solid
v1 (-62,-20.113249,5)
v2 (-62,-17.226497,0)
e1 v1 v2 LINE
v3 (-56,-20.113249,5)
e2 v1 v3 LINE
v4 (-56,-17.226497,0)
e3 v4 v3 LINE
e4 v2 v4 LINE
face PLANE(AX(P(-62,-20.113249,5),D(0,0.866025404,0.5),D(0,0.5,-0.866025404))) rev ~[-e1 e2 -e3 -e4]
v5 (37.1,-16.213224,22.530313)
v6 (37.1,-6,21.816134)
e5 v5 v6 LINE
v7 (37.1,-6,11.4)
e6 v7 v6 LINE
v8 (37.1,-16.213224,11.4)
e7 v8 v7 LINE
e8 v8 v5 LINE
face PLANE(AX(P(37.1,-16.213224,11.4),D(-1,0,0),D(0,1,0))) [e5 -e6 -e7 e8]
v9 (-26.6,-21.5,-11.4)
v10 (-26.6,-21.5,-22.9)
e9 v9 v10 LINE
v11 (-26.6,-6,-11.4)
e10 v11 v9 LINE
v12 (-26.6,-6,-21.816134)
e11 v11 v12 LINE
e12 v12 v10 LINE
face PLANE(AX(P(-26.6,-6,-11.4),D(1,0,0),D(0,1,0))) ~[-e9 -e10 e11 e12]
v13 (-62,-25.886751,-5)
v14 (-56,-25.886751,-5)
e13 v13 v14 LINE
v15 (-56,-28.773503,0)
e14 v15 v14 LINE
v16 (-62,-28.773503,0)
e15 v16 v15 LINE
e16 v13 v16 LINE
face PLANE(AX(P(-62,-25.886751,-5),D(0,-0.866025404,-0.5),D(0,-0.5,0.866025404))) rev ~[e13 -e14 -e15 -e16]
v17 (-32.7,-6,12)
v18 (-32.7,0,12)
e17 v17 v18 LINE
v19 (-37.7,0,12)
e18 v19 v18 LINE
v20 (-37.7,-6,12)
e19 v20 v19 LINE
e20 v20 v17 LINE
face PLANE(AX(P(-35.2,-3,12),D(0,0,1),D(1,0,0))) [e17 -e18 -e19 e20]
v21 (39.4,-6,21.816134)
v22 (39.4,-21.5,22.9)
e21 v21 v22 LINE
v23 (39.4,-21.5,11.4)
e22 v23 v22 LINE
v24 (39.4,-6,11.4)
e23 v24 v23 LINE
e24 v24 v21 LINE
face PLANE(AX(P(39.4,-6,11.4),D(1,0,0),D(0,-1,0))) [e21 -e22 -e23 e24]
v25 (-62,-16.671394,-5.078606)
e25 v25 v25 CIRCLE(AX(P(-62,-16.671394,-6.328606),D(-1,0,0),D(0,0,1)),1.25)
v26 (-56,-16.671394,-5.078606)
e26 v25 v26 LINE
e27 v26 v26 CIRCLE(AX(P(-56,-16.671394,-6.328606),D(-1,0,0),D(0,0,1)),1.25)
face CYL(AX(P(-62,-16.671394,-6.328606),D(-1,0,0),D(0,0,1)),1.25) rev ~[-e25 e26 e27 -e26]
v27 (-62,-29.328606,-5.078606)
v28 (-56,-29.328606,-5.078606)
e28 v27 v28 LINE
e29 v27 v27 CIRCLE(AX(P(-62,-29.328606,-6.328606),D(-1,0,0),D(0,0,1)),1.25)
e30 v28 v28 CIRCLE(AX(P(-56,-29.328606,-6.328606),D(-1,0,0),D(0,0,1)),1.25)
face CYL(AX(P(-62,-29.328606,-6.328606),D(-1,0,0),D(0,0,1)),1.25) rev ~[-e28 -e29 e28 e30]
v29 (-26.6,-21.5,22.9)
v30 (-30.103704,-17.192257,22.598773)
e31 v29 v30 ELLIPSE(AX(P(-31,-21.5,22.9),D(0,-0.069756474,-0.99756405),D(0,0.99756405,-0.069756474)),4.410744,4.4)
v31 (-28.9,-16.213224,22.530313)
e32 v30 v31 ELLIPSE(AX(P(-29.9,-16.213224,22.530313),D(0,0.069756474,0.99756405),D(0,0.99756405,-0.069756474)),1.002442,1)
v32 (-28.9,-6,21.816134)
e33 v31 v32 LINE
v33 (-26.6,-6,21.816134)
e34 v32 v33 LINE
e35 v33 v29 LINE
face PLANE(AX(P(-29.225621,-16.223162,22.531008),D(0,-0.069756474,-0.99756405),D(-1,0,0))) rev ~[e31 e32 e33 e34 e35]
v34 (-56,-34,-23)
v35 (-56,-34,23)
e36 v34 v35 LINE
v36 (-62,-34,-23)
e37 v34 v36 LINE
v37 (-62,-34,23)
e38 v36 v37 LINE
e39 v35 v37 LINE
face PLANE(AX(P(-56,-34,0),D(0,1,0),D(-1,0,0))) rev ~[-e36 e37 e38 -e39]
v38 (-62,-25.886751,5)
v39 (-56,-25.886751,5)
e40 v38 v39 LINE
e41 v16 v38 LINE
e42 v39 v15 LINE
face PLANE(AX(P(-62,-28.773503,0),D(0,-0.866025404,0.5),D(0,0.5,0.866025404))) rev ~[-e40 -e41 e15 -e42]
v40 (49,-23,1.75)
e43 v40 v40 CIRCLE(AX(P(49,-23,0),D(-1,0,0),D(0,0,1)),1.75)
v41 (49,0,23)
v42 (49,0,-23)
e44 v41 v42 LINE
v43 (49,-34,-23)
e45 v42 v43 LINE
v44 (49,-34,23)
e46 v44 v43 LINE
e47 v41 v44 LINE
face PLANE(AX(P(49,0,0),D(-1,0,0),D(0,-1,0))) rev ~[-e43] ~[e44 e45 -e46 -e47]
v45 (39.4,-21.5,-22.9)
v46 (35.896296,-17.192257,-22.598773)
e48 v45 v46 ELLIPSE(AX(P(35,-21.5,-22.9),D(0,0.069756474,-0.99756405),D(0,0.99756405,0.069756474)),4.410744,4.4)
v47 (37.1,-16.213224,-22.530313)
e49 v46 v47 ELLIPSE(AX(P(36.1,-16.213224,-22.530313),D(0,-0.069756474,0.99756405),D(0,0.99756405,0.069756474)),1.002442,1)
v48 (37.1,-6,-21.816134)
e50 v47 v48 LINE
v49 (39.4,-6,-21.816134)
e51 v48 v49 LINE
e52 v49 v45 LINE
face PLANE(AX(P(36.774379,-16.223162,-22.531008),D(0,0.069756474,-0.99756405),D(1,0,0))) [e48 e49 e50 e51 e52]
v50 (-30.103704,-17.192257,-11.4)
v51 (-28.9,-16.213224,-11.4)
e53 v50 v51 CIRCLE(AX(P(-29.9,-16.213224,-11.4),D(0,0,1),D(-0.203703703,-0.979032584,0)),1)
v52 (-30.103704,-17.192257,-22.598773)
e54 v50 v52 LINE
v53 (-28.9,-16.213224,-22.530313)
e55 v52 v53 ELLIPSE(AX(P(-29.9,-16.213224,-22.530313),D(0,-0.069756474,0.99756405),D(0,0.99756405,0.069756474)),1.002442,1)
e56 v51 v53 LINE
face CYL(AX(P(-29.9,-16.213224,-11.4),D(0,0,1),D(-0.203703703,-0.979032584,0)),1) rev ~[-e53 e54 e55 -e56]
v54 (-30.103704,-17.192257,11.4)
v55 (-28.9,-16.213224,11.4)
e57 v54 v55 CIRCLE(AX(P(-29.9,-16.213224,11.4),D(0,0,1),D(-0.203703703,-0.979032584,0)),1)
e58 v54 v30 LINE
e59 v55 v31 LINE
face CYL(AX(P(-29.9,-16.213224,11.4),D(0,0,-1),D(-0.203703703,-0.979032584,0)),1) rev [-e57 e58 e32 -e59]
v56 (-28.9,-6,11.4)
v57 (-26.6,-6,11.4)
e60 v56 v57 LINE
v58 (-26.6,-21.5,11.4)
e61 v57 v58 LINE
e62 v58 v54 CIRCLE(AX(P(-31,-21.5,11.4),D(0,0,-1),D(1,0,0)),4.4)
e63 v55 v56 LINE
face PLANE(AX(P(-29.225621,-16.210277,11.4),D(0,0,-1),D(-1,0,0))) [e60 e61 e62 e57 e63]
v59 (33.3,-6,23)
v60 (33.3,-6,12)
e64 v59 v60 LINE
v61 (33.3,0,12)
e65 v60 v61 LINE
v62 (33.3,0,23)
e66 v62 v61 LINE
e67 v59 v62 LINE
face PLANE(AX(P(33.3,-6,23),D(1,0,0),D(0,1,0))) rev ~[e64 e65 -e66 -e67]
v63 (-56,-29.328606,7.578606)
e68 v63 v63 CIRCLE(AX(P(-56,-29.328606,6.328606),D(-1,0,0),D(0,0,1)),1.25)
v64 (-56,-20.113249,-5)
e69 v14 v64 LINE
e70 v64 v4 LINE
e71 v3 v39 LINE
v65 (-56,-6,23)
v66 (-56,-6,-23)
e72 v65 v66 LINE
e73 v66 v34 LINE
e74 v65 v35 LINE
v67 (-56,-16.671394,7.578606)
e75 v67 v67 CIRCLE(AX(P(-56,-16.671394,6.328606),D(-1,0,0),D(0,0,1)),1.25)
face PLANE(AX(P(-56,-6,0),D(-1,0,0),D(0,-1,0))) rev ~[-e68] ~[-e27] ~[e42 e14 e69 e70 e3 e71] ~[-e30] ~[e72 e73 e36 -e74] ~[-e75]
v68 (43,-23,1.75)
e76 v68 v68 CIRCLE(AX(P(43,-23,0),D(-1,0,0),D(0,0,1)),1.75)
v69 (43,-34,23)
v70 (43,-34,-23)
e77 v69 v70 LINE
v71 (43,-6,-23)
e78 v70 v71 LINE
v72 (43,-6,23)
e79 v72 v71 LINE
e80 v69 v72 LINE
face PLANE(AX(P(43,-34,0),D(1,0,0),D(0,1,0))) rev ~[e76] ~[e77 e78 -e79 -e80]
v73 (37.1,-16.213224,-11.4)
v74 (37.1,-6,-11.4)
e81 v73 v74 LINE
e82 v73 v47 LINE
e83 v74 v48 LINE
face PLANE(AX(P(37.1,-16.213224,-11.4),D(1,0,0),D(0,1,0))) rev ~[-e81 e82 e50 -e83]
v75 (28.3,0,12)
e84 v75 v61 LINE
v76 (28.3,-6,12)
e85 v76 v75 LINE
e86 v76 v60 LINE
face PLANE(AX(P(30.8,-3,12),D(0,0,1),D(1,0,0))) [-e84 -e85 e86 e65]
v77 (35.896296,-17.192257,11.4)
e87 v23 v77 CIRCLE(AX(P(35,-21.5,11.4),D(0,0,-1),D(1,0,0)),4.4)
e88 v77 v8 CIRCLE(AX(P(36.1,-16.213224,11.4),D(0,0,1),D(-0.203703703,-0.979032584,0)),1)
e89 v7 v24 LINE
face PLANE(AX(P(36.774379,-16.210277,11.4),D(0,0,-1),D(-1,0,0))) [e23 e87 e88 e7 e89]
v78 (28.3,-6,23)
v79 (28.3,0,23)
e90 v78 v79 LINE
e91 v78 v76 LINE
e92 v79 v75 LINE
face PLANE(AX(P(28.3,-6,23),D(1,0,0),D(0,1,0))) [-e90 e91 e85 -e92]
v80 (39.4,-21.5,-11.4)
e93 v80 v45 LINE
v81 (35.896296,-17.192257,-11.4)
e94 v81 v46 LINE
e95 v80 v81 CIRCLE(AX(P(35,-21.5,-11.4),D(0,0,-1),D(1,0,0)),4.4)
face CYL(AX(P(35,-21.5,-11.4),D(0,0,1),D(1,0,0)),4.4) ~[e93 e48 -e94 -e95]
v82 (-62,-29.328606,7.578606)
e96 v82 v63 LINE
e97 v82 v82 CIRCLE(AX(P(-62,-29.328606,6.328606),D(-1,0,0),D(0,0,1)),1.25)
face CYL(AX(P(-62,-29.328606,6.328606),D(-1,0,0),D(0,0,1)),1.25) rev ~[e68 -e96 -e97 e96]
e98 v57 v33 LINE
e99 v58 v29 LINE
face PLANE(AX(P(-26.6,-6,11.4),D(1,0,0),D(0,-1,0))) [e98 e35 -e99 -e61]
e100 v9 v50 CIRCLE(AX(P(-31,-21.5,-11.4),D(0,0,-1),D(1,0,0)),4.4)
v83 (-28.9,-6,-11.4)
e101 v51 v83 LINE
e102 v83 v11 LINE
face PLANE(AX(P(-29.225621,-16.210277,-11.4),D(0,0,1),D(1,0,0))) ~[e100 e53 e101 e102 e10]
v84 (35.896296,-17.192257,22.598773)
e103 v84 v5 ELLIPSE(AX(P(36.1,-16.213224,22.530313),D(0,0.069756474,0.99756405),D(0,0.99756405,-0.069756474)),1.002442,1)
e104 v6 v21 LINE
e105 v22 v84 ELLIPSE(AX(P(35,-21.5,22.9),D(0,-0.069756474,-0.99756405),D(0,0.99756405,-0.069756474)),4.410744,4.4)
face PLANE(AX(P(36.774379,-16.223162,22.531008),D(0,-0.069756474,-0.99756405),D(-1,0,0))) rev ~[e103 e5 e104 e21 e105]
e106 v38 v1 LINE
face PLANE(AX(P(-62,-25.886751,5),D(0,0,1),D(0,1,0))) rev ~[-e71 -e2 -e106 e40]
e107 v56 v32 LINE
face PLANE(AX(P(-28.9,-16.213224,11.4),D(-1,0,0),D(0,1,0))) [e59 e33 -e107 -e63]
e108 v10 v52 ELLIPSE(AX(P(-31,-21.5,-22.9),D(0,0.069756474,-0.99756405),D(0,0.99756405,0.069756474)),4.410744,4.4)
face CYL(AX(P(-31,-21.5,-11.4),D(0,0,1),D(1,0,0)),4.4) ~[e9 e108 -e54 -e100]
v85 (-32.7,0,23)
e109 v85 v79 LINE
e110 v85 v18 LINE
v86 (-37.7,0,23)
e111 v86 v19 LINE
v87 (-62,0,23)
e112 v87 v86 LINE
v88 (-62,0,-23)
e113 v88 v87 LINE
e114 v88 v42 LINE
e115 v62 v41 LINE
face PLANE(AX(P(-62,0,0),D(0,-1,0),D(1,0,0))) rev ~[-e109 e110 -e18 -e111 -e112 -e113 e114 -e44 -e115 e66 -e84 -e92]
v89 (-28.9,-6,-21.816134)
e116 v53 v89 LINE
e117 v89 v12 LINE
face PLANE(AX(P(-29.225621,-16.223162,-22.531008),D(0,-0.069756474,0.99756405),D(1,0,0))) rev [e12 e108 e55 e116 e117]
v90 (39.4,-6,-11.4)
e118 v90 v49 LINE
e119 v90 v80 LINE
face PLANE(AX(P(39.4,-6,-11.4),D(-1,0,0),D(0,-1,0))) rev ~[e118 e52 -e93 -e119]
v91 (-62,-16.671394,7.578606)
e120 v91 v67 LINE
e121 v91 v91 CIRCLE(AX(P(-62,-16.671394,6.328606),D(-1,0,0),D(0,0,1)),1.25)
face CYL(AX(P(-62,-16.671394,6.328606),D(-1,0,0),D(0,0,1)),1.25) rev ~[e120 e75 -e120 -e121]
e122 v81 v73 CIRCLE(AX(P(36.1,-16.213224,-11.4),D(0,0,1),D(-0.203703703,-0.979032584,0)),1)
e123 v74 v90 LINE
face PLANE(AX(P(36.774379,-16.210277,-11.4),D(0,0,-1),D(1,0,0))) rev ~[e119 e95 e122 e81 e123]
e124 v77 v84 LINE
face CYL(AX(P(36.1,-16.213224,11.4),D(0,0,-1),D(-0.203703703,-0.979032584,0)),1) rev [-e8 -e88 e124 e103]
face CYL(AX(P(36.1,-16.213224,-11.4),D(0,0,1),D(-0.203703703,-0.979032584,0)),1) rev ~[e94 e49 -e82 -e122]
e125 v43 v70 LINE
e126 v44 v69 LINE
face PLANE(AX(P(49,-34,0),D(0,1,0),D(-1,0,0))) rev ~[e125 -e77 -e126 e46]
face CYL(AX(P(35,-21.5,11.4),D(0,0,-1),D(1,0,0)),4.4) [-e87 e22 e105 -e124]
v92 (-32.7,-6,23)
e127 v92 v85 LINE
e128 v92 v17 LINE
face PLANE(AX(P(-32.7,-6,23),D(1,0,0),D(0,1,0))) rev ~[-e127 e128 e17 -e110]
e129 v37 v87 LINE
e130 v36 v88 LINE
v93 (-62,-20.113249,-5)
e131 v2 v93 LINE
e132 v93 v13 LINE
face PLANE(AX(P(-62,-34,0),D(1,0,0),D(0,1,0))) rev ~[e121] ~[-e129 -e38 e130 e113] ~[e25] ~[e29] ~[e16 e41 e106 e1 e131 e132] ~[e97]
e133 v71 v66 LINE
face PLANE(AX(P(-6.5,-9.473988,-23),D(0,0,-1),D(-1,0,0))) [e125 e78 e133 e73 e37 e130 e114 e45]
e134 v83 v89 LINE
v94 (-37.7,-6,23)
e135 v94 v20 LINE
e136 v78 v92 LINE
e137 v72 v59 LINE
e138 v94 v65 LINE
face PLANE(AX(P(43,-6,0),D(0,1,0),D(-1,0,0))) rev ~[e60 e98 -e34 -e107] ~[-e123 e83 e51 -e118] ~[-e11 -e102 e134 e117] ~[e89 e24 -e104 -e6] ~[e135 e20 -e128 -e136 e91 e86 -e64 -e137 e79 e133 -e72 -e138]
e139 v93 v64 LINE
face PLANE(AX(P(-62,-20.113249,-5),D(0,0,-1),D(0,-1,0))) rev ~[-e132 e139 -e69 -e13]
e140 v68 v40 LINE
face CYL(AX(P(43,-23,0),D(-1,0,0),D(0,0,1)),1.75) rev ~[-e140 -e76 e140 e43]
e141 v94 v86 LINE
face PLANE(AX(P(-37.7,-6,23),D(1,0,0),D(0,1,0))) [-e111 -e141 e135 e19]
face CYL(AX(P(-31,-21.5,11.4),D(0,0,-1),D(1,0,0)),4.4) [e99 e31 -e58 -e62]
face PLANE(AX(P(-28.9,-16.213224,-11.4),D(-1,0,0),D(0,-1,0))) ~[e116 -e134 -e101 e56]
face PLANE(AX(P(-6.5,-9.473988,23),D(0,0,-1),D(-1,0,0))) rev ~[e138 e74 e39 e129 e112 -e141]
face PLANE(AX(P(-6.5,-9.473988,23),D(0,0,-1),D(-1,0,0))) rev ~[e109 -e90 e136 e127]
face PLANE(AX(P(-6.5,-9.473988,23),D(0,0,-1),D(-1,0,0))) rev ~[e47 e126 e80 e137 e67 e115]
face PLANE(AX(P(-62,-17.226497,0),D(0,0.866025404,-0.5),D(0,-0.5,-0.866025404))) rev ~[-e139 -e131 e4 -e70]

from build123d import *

# Parameters (mm, degrees)
BOSS_EXTRUDE1_DEPTH       = 23
CUT_EXTRUDE1_REACH        = 120.347
SKETCH2_R                 = 1.25
CUT_EXTRUDE2_REACH        = 114.739
SKETCH3_R                 = 1.75
BOSS_EXTRUDE2_START       = -11.4
BOSS_EXTRUDE2_DEPTH       = 11.5
LPATTERN1_COUNT           = 2
LPATTERN1_PITCH           = 66
DRAFT1_ANGLE              = 4
MIRROR1_START             = -11.4
MIRROR1_COPY_1_DEPTH      = 11.5
DRAFT1_OF_MIRROR1_2_ANGLE = 4
SKETCH5_W                 = 5
SKETCH5_H                 = 6
CUT_EXTRUDE3_DEPTH        = 11


with BuildPart() as part:
    # Sketch1 → Boss-Extrude1 (new, symmetric)
    with BuildSketch(Plane.XY):
        Polygon((-62, 0), (49, 0), (49, -34), (43, -34), (43, -6), (-56, -6), (-56, -34), (-62, -34), align=None)
    extrude(amount=BOSS_EXTRUDE1_DEPTH, both=True)

    # Sketch2 → Cut-Extrude1 (cut, up to next)
    with BuildSketch(Plane.ZY.offset(62), mode=Mode.PRIVATE) as cut_extrude1_sk1:
        with Locations((-6.328605692, -16.671394308)):
            Circle(SKETCH2_R)
    cut_extrude1_tool1 = extrude(cut_extrude1_sk1.sketch, amount=-CUT_EXTRUDE1_REACH, mode=Mode.PRIVATE) & part.part
    # Sketch2 → Cut-Extrude1 (cut, up to next)
    with BuildSketch(Plane.ZY.offset(62), mode=Mode.PRIVATE) as cut_extrude1_sk2:
        with Locations((6.328605692, -16.671394308)):
            Circle(SKETCH2_R)
    cut_extrude1_tool2 = extrude(cut_extrude1_sk2.sketch, amount=-CUT_EXTRUDE1_REACH, mode=Mode.PRIVATE) & part.part
    # Sketch2 → Cut-Extrude1 (cut, up to next)
    with BuildSketch(Plane.ZY.offset(62), mode=Mode.PRIVATE) as cut_extrude1_sk3:
        with Locations((6.328605692, -29.328605692)):
            Circle(SKETCH2_R)
    cut_extrude1_tool3 = extrude(cut_extrude1_sk3.sketch, amount=-CUT_EXTRUDE1_REACH, mode=Mode.PRIVATE) & part.part
    # Sketch2 → Cut-Extrude1 (cut, up to next)
    with BuildSketch(Plane.ZY.offset(62), mode=Mode.PRIVATE) as cut_extrude1_sk4:
        with Locations((-6.328605692, -29.328605692)):
            Circle(SKETCH2_R)
    cut_extrude1_tool4 = extrude(cut_extrude1_sk4.sketch, amount=-CUT_EXTRUDE1_REACH, mode=Mode.PRIVATE) & part.part
    # Sketch2 → Cut-Extrude1 (cut, up to next)
    with BuildSketch(Plane.ZY.offset(62), mode=Mode.PRIVATE) as cut_extrude1_sk5:
        Polygon((-5, -20.113248654), (-5, -25.886751346), (0, -28.773502692), (5, -25.886751346), (5, -20.113248654), (0, -17.226497308), align=None)
    cut_extrude1_tool5 = extrude(cut_extrude1_sk5.sketch, amount=-CUT_EXTRUDE1_REACH, mode=Mode.PRIVATE) & part.part
    add(cut_extrude1_tool1.solids().sort_by_distance((-62, -16.671394, -6.328606))[0], mode=Mode.SUBTRACT)
    add(cut_extrude1_tool2.solids().sort_by_distance((-62, -16.671394, 6.328606))[0], mode=Mode.SUBTRACT)
    add(cut_extrude1_tool3.solids().sort_by_distance((-62, -29.328606, 6.328606))[0], mode=Mode.SUBTRACT)
    add(cut_extrude1_tool4.solids().sort_by_distance((-62, -29.328606, -6.328606))[0], mode=Mode.SUBTRACT)
    add(cut_extrude1_tool5.solids().sort_by_distance((-62, -23, 0))[0], mode=Mode.SUBTRACT)

    # Sketch3 → Cut-Extrude2 (cut, up to next)
    with BuildSketch(Plane.ZY.offset(-43), mode=Mode.PRIVATE) as cut_extrude2_sk1:
        with Locations((0, -23)):
            Circle(SKETCH3_R)
    cut_extrude2_tool1 = extrude(cut_extrude2_sk1.sketch, amount=-CUT_EXTRUDE2_REACH, mode=Mode.PRIVATE) & part.part
    add(cut_extrude2_tool1.solids().sort_by_distance((43, -23, 0))[0], mode=Mode.SUBTRACT)

    # Sketch4 → Boss-Extrude2 (add)
    with BuildSketch(Plane(origin=(0, 0, 0), x_dir=(-1, 0, 0), z_dir=(0, 0, -1)).offset(BOSS_EXTRUDE2_START)):
        with BuildLine():
            Line((28.9, -16.213224045), (28.9, -6))
            Line((28.9, -6), (26.6, -6))
            Line((26.6, -6), (26.6, -21.5))
            ThreePointArc((26.6, -21.5), (34.4134809, -24.276355191), (30.103703704, -17.192256629))
            ThreePointArc((30.103703704, -17.192256629), (29.269010184, -16.989015158), (28.9, -16.213224045))
        make_face()
    boss_extrude2 = extrude(amount=-BOSS_EXTRUDE2_DEPTH)

    # LPattern1: Boss-Extrude2 ×2
    with Locations(*[(i * LPATTERN1_PITCH, 0, 0) for i in range(1, LPATTERN1_COUNT)]):
        add(boss_extrude2)

    # Draft1
    draft1_faces = [part.faces().sort_by_distance(p)[0] for p in [
        (36.075013094, -18.535245668, 22.9),
        (-29.924986906, -18.535245668, 22.9),
    ]]
    draft(draft1_faces, Plane.ZX.offset(-21.5), DRAFT1_ANGLE)

    # Mirror1: Boss-Extrude2 across plane
    add(boss_extrude2.mirror(Plane.XY))

    # Mirror1 copy 1 sketch → Mirror1 copy 1 (add)
    with BuildSketch(Plane(origin=(66, 0, 0), x_dir=(-1, 0, 0), z_dir=(0, 0, 1)).offset(MIRROR1_START)):
        with BuildLine():
            Line((28.9, 16.213224045), (28.9, 6))
            Line((28.9, 6), (26.6, 6))
            Line((26.6, 6), (26.6, 21.5))
            ThreePointArc((26.6, 21.5), (34.4134809, 24.276355191), (30.103703704, 17.192256629))
            ThreePointArc((30.103703704, 17.192256629), (29.269010184, 16.989015158), (28.9, 16.213224045))
        make_face()
    extrude(amount=-MIRROR1_COPY_1_DEPTH)

    # Draft1 of Mirror1 2
    draft1_of_mirror1_2_faces = [part.faces().sort_by_distance(p)[0] for p in [
        (36.075013094, -18.535245668, -22.9),
        (-29.924986906, -18.535245668, -22.9),
    ]]
    draft(draft1_of_mirror1_2_faces, Plane(origin=(0, -21.5, 0), x_dir=(0, 0, -1), z_dir=(0, 1, 0)), DRAFT1_OF_MIRROR1_2_ANGLE)

    # Sketch5 → Cut-Extrude3 (cut)
    with BuildSketch(Plane.XY.offset(23)):
        with Locations((-35.2, -3)):
            Rectangle(SKETCH5_W, SKETCH5_H)
        with Locations((30.8, -3)):
            Rectangle(SKETCH5_W, SKETCH5_H)
    extrude(amount=-CUT_EXTRUDE3_DEPTH, mode=Mode.SUBTRACT)


solid = part.part
